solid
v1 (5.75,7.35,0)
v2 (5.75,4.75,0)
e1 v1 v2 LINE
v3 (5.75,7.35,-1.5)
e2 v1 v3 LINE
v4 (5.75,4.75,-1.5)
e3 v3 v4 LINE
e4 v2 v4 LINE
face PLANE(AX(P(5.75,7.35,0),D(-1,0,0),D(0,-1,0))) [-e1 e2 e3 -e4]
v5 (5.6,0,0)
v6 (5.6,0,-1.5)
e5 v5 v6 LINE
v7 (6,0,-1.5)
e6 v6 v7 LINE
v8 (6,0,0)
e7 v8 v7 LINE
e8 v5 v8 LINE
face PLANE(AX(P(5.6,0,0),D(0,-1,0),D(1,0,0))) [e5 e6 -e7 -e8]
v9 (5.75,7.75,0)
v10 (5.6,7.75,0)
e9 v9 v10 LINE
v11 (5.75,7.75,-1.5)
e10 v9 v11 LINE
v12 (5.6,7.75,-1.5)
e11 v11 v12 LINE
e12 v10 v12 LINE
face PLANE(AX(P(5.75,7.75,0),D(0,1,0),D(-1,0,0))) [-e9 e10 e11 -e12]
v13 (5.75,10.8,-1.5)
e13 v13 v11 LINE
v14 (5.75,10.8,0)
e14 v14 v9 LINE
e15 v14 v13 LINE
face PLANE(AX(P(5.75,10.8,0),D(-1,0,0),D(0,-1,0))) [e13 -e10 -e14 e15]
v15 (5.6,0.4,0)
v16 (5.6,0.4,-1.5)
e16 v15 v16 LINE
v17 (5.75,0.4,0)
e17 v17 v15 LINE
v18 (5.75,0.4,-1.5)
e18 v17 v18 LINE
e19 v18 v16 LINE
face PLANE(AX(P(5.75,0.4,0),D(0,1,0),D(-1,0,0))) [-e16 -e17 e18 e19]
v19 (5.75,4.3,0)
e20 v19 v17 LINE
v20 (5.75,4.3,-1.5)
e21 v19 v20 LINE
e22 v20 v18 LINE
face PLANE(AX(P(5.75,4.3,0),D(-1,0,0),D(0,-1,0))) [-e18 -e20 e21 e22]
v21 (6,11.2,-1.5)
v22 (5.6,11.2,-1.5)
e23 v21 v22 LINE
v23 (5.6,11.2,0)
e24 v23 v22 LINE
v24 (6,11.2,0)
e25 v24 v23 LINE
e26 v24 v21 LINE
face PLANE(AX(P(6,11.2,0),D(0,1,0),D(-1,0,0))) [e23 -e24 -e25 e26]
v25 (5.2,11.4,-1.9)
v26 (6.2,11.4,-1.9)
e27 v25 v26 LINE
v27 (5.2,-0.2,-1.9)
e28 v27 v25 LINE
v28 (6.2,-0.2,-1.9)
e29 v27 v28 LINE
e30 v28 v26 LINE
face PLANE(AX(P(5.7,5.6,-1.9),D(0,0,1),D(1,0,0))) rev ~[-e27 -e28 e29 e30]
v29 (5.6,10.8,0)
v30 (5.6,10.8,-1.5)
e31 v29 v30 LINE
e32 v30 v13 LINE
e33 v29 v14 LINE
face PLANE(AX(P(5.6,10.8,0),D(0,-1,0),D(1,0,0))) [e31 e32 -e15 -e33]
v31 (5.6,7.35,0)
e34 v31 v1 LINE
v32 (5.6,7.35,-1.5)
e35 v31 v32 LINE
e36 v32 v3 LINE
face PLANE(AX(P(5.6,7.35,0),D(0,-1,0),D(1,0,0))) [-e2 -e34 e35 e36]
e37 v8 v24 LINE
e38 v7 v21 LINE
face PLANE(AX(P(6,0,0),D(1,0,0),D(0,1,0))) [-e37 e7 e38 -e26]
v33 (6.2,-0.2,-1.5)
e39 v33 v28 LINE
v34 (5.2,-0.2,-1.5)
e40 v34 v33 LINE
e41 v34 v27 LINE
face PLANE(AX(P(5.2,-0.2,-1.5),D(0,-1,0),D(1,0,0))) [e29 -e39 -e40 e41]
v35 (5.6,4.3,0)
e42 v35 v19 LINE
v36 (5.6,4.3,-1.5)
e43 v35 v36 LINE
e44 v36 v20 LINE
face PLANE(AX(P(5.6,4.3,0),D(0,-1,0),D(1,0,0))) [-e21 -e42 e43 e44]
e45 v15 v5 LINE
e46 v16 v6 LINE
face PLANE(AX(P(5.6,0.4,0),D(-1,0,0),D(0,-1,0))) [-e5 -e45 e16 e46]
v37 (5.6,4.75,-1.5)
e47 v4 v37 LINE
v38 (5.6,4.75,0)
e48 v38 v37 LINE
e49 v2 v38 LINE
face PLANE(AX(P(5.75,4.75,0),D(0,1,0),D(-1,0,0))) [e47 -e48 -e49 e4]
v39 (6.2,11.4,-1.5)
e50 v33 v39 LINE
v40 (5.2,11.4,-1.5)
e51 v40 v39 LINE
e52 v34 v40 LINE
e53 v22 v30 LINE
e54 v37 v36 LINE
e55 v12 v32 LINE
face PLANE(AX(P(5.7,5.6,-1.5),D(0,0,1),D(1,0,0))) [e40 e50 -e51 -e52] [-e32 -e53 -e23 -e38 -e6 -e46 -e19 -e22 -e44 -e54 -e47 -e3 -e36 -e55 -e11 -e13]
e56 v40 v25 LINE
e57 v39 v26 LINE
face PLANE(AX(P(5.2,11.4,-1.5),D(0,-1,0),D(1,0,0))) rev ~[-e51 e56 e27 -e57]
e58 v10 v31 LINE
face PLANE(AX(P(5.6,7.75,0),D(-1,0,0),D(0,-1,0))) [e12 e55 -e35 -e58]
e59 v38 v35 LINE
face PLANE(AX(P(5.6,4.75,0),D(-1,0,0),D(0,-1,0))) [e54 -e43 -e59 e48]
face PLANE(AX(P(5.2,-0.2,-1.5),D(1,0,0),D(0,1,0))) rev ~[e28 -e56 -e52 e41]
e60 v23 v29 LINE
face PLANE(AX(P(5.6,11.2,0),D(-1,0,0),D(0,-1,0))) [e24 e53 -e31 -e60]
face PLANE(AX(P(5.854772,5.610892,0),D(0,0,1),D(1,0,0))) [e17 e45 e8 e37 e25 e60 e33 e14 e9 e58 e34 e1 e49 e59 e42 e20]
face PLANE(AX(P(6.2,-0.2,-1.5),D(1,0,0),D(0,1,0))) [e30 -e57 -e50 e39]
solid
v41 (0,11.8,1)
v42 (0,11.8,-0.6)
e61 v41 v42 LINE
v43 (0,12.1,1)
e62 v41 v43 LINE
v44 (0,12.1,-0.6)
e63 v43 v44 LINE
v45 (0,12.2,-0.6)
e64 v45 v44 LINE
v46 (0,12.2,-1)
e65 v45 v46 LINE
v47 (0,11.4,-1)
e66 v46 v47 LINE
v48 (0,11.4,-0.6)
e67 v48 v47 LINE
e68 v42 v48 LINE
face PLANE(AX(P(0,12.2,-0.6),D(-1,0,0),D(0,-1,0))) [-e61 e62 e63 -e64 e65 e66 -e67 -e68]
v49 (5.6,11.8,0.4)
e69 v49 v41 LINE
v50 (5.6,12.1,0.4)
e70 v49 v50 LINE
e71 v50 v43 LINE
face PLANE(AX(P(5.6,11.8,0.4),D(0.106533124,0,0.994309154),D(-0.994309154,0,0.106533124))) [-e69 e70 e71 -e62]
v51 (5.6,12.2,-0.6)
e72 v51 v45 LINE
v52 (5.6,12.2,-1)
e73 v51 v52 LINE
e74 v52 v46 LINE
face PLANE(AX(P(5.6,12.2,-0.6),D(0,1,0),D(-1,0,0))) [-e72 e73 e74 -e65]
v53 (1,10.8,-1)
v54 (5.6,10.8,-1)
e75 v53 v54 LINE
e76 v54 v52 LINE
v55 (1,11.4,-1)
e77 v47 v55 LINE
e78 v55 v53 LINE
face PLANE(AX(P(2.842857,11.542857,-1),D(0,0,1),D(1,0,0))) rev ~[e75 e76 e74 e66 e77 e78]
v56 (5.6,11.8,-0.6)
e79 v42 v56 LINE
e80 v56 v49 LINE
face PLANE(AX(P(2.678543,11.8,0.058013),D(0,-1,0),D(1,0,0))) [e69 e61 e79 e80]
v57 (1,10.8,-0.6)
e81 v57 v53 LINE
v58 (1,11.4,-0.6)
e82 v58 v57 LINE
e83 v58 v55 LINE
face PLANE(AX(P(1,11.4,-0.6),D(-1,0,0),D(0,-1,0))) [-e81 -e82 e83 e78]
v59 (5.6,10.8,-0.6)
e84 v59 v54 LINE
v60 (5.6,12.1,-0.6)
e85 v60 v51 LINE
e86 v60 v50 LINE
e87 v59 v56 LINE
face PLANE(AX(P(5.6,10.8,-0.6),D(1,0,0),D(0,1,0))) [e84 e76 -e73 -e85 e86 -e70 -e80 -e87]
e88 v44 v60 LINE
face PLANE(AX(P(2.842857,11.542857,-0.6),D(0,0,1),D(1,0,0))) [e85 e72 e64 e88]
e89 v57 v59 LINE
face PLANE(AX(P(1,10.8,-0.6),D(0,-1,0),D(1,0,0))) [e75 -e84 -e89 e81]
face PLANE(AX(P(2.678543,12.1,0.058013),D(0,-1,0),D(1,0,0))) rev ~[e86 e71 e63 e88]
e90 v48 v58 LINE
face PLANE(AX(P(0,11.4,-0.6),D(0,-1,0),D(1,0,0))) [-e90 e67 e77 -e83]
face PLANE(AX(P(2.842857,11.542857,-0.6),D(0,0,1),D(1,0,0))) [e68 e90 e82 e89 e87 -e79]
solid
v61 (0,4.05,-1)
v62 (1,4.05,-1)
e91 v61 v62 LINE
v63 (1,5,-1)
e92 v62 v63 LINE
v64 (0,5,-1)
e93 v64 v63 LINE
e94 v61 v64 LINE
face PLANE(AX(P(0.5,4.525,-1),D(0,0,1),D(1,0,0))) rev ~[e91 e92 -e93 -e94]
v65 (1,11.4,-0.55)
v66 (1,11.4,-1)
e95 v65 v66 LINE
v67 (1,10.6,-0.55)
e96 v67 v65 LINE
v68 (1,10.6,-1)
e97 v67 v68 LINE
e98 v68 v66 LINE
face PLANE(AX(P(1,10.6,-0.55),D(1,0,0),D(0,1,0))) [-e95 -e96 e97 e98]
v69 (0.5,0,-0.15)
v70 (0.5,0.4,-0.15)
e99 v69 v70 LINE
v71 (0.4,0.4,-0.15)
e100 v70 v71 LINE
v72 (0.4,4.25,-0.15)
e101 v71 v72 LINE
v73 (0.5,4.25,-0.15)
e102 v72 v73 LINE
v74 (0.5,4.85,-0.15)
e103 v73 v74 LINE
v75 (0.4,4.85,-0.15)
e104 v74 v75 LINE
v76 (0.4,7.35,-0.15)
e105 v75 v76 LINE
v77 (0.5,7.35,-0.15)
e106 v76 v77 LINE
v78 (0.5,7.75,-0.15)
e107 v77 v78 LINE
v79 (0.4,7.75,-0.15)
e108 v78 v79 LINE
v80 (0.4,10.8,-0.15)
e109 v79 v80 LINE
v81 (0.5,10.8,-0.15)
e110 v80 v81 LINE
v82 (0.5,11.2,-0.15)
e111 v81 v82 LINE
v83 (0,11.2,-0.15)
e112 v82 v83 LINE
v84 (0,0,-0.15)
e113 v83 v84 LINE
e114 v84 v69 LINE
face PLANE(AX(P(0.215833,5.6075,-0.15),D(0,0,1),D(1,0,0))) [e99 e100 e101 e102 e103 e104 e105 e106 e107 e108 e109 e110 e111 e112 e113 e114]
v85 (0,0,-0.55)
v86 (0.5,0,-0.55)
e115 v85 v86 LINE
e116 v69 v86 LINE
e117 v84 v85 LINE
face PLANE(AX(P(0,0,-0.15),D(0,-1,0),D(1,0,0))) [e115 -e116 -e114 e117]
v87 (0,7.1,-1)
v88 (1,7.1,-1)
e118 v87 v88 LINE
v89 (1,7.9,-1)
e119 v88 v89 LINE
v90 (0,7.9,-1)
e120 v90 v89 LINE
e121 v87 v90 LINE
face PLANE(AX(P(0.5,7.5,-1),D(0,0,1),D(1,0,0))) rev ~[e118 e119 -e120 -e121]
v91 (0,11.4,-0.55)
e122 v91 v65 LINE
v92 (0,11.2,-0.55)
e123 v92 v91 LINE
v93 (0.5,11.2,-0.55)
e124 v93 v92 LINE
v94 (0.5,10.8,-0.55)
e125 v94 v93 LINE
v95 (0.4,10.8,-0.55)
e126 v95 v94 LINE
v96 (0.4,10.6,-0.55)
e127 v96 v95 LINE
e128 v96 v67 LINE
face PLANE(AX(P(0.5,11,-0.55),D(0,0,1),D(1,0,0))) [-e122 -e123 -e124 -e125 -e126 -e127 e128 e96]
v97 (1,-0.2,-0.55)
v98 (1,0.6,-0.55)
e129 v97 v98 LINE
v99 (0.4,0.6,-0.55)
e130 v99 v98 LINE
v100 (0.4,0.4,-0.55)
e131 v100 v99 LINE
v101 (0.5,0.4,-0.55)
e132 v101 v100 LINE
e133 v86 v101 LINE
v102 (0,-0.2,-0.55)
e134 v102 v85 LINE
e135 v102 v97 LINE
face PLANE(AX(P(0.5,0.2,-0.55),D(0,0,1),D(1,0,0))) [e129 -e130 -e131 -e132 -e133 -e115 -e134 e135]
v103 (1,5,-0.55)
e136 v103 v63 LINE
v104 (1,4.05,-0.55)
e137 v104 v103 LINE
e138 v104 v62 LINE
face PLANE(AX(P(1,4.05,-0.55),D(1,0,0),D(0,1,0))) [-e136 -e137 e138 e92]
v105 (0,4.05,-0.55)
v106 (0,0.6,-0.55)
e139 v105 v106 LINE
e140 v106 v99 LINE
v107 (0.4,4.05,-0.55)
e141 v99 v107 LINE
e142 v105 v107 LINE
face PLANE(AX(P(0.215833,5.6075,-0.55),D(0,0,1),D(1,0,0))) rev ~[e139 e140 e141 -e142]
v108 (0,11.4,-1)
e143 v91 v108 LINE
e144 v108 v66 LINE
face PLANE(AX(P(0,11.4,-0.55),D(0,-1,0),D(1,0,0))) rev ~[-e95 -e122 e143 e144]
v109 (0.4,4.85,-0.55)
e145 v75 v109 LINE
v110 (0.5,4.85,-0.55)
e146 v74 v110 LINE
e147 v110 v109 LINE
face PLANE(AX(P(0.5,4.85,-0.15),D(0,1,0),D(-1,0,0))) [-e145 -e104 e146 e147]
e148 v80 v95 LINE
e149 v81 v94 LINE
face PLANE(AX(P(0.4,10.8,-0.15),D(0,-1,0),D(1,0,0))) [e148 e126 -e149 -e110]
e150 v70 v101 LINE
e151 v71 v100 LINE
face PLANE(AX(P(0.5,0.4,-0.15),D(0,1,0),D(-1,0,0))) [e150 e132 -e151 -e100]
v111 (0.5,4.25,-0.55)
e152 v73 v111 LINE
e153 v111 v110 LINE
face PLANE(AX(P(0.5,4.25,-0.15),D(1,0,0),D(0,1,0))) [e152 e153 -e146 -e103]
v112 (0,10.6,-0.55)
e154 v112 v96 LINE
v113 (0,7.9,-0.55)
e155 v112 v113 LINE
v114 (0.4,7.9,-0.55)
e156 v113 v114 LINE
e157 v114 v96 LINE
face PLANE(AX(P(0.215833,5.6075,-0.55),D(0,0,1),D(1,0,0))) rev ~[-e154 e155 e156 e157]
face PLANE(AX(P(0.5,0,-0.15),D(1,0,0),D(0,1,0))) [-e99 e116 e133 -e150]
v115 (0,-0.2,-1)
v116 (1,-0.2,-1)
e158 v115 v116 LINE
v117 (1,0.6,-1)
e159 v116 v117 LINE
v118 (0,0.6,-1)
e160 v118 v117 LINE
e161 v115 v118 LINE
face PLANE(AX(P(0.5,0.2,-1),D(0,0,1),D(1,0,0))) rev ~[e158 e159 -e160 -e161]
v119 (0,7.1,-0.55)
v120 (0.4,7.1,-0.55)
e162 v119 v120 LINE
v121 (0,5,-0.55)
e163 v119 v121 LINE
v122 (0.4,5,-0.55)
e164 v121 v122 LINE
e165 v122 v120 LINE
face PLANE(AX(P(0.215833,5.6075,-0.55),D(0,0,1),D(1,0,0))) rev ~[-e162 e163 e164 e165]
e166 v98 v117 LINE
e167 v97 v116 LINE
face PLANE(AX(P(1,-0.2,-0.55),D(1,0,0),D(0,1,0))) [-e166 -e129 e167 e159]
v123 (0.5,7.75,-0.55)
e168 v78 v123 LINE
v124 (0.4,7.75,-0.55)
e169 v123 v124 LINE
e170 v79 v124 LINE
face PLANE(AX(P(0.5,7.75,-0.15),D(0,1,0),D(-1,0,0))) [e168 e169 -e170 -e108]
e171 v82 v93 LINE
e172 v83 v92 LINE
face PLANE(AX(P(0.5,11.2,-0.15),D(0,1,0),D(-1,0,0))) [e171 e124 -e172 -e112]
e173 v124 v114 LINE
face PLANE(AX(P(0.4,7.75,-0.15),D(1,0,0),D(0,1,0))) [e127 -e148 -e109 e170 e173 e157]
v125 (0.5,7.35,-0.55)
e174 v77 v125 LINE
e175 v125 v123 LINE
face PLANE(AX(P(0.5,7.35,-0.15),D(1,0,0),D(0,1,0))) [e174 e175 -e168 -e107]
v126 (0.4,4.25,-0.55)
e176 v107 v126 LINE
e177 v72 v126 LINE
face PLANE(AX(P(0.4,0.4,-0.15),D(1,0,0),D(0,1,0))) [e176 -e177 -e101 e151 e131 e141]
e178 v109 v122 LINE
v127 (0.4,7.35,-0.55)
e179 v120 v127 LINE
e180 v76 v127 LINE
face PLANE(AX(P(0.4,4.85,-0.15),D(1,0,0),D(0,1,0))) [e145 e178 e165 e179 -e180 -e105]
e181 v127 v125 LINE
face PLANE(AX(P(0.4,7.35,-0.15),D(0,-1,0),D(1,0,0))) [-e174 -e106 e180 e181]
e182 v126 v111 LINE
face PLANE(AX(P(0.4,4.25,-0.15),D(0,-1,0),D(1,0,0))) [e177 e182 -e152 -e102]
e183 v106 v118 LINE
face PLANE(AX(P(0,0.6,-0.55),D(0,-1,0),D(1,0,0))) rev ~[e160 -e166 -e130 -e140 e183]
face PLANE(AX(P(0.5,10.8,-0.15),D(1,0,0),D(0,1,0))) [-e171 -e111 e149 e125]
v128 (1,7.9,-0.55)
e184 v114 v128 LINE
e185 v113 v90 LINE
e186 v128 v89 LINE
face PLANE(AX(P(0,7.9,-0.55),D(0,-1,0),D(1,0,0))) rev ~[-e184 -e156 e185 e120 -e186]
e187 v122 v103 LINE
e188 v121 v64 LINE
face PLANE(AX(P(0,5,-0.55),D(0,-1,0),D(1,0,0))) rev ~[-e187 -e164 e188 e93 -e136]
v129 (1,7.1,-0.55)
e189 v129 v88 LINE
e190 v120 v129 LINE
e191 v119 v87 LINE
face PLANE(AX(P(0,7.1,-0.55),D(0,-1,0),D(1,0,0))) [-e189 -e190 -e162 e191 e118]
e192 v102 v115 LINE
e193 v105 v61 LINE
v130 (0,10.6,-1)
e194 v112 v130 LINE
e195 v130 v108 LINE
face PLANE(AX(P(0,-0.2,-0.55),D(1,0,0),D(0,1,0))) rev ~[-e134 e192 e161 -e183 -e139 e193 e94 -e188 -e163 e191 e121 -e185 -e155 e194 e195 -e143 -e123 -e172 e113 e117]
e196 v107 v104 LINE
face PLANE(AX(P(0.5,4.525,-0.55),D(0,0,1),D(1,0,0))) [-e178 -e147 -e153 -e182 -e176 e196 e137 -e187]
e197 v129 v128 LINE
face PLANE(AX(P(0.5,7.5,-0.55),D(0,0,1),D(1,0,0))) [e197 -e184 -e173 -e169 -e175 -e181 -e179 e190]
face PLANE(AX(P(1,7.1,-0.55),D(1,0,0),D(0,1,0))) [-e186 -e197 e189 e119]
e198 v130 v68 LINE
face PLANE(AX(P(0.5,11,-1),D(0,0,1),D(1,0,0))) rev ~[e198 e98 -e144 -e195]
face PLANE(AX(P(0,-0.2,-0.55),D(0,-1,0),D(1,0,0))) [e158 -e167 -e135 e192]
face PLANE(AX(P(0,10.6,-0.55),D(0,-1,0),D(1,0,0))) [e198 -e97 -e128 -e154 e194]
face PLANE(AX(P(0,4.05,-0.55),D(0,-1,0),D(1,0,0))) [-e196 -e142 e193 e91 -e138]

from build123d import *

# Parameters (mm, degrees)
F1_START = -0.15
F1_DEPTH = 0.4
F2_DEPTH = 1.5
F4_START = -0.55
F3_W     = 1
F3_H     = 0.7999996393
F3_H_2   = 0.95
F3_H_3   = 0.8
F4_DEPTH = 0.45
F5_START = -1.5
F3_H_4   = 11.6
F5_DEPTH = 0.4
F7_START = -0.6
F7_DEPTH = 0.4
F9_START = -1
F9_DEPTH = 0.3


with BuildPart() as f1:
    # F0 (on Top) → F1 (new body)
    with BuildSketch(Plane.XY.offset(F1_START)):
        Polygon((0, 11.2), (0, 0), (0.5, 0), (0.5, 0.4), (0.4, 0.4), (0.4, 4.25), (0.5, 4.25), (0.5, 4.85), (0.4, 4.85), (0.4, 7.35), (0.5, 7.35), (0.5, 7.75), (0.4, 7.75), (0.4, 10.8), (0.5, 10.8), (0.5, 11.2), align=None)
    extrude(amount=-F1_DEPTH)

    # F3 (on Top) → F4 (join)
    with BuildSketch(Plane.XY.offset(F4_START)):
        with Locations((0.5, 0.1999998196)):
            Rectangle(F3_W, F3_H)
        with Locations((0.5, 4.525)):
            Rectangle(F3_W, F3_H_2)
        with Locations((0.5, 7.5)):
            Rectangle(F3_W, F3_H_3)
        with Locations((0.5, 11)):
            Rectangle(F3_W, F3_H_3)
    extrude(amount=-F4_DEPTH)


with BuildPart() as f2:
    # F0 (on Top) → F2 (new body)
    with BuildSketch(Plane.XY):
        Polygon((5.6, 0.4), (5.6, 0), (6, 0), (6, 11.2), (5.6, 11.2), (5.6, 10.8), (5.75, 10.8), (5.75, 7.75), (5.6, 7.75), (5.6, 7.35), (5.75, 7.35), (5.75, 4.75), (5.6, 4.75), (5.6, 4.3), (5.75, 4.3), (5.75, 0.4), align=None)
    extrude(amount=-F2_DEPTH)

    # F3 (on Top) → F5 (join)
    with BuildSketch(Plane.XY.offset(F5_START)):
        with Locations((5.7, 5.6)):
            Rectangle(F3_W, F3_H_4)
    extrude(amount=-F5_DEPTH)


with BuildPart() as f7:
    # F6 (on Top) → F7 (new body)
    with BuildSketch(Plane.XY.offset(F7_START)):
        Polygon((1, 10.8), (5.6, 10.8), (5.6, 12.2), (0, 12.2), (0, 11.4), (1, 11.4), align=None)
    extrude(amount=-F7_DEPTH)

    # F8 (on face) → F9 (join)
    with BuildSketch(Plane.XZ.offset(-10.8).offset(F9_START)):
        Polygon((1, -0.6), (5.6, -0.6), (5.6, 0.4), (0, 1), (0, -0.6), align=None)
    extrude(amount=-F9_DEPTH)


solid = Compound([f1.part, f2.part, f7.part])
